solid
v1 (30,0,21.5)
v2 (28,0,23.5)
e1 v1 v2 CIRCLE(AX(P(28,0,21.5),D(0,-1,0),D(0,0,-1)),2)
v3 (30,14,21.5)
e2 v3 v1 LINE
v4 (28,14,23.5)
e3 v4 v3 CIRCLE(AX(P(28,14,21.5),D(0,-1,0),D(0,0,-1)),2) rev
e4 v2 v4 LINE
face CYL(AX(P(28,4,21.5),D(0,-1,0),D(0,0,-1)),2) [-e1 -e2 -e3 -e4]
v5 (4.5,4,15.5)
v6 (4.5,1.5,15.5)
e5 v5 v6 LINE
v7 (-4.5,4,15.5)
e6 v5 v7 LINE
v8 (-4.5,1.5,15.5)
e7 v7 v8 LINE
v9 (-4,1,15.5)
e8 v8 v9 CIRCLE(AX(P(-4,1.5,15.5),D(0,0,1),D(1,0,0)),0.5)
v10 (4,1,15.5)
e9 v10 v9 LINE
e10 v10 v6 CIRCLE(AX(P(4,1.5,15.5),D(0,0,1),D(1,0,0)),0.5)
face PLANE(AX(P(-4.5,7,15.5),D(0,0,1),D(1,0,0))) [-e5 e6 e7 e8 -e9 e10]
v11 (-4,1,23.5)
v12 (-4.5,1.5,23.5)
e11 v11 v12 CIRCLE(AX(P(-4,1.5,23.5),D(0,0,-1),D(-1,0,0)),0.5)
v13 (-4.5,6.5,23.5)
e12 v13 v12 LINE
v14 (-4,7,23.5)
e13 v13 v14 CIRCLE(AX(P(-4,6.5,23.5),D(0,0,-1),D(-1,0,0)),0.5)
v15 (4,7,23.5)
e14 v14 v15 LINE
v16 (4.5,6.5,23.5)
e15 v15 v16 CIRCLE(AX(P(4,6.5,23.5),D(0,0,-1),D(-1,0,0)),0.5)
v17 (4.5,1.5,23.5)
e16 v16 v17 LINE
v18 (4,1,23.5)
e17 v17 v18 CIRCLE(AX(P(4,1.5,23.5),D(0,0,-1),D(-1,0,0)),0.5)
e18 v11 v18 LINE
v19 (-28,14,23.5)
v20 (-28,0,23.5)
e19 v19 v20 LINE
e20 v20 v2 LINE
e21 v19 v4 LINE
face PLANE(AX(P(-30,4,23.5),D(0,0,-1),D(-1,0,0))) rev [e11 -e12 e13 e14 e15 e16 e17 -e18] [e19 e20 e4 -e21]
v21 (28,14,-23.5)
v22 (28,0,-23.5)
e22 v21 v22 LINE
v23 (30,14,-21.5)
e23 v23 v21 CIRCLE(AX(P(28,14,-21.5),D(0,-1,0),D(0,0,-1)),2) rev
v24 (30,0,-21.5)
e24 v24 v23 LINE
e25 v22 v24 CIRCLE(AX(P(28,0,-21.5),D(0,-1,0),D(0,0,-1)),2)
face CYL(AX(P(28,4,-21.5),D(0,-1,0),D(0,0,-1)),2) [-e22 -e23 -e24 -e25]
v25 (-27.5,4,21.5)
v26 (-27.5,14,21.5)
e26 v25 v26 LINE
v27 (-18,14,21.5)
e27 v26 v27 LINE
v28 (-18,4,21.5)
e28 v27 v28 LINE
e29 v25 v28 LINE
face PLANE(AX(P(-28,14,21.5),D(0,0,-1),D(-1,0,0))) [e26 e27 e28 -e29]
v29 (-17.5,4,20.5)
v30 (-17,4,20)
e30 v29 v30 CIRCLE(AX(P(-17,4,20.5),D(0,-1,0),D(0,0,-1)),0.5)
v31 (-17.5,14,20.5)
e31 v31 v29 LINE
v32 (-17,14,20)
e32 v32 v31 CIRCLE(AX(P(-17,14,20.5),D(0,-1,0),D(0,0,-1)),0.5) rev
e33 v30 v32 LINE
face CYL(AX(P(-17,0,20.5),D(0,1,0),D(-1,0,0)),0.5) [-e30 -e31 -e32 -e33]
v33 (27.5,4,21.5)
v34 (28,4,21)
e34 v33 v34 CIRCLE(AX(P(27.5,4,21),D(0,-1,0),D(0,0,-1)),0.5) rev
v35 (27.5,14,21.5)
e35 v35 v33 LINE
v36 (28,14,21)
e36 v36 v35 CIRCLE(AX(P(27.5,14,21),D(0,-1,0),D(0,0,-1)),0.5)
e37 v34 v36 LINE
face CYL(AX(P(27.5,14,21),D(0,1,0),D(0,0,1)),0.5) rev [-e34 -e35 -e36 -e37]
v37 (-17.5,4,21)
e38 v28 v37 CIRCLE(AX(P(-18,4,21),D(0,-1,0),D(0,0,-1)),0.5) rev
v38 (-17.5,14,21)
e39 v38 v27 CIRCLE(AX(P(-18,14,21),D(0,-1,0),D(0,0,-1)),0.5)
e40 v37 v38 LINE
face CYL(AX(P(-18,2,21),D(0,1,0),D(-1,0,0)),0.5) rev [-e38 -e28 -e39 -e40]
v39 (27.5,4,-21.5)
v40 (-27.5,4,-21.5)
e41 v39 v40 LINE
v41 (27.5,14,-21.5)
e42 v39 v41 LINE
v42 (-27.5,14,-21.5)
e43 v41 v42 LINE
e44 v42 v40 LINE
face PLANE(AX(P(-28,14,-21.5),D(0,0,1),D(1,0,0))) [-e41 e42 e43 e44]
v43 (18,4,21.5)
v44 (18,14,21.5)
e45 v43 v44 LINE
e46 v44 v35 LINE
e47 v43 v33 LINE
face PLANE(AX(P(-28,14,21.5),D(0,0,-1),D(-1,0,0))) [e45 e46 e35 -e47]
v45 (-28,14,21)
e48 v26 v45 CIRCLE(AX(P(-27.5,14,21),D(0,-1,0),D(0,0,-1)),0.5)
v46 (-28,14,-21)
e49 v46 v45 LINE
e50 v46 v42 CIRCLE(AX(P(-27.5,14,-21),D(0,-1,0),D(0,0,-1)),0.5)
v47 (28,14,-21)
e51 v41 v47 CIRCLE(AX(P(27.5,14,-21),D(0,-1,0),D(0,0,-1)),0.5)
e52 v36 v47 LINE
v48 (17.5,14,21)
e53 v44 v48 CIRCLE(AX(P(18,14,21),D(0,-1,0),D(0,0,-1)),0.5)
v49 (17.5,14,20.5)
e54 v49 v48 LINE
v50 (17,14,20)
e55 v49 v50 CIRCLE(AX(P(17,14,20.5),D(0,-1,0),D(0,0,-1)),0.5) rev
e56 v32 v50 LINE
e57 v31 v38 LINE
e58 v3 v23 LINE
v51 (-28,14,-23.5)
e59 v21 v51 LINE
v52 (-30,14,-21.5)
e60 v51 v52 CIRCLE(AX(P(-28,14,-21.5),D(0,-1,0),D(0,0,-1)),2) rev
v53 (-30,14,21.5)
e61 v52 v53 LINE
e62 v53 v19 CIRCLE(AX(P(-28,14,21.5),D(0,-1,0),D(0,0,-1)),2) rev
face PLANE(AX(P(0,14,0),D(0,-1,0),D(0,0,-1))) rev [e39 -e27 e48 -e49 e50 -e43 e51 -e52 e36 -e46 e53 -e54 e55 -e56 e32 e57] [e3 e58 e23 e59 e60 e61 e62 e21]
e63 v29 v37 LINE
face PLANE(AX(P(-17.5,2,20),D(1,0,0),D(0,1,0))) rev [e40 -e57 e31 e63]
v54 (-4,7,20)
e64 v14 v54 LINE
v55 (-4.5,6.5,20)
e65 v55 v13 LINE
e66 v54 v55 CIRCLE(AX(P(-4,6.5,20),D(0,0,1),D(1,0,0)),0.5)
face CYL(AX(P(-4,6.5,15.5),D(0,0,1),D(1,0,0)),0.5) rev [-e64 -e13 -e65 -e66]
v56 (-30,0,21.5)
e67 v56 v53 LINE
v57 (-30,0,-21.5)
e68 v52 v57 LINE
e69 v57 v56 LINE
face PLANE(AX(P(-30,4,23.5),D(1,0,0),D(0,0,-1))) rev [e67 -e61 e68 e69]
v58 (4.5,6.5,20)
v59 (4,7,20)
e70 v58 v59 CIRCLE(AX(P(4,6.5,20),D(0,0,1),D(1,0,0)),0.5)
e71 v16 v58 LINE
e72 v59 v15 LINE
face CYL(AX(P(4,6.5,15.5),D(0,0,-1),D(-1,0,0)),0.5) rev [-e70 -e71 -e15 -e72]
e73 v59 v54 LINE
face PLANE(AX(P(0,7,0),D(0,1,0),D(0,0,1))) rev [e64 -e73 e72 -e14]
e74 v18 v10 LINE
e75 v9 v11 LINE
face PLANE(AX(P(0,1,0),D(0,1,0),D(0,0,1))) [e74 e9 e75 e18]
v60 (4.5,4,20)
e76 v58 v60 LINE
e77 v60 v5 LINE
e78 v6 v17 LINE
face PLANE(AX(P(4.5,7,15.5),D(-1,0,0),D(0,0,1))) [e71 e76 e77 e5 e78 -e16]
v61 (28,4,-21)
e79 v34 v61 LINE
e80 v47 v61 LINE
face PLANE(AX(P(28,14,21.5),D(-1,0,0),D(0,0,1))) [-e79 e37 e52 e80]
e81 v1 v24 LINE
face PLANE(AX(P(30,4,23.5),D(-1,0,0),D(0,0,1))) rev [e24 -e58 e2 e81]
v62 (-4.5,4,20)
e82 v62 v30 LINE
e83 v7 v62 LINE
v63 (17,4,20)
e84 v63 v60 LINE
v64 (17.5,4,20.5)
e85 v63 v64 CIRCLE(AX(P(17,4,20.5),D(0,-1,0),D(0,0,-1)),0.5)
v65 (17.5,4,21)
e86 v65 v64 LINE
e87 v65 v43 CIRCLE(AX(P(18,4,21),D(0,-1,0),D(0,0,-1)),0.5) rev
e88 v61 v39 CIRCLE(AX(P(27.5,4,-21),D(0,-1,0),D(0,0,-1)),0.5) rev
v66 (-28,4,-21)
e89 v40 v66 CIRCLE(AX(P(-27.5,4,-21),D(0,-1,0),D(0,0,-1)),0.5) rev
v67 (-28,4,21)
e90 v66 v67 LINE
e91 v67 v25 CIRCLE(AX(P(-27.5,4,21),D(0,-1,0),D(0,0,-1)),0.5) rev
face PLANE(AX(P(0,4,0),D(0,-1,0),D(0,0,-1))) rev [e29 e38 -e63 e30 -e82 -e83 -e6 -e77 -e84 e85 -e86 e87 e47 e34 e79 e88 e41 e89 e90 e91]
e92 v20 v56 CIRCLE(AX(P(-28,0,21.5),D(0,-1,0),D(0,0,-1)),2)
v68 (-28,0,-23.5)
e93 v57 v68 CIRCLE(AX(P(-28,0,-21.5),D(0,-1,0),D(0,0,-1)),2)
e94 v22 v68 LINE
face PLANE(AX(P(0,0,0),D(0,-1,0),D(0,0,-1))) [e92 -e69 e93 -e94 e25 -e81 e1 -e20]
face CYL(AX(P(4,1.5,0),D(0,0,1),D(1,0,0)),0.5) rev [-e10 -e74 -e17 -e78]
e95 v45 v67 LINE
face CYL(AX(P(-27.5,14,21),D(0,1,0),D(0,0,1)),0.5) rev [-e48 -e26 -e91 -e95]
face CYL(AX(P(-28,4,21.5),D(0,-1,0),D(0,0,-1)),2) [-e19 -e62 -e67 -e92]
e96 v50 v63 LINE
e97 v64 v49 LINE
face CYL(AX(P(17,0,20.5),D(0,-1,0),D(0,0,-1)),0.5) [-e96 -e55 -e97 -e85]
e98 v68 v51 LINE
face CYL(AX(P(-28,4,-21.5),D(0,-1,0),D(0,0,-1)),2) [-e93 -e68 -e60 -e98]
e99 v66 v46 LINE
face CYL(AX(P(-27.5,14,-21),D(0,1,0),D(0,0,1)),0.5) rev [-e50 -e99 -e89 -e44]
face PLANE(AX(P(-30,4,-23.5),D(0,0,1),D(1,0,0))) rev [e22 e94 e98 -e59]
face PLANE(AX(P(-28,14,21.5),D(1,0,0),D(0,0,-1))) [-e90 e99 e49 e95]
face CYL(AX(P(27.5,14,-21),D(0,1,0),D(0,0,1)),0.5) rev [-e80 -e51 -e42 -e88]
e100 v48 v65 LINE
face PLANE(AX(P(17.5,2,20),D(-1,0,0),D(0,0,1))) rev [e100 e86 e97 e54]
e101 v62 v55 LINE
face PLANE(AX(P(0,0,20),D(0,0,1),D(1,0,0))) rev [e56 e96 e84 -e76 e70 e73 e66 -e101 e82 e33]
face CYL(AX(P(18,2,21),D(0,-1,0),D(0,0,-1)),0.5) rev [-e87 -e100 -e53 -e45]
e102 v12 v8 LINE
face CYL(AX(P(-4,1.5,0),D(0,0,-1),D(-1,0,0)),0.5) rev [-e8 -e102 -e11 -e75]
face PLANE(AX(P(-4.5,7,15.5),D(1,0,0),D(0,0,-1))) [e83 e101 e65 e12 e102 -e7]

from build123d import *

# Parameters (mm, degrees)
SKETCH1_W               = 60
SKETCH1_H               = 47
BOSS_EXTRUDE1_DEPTH     = 4
SKETCH2_W               = 60
SKETCH2_H               = 47
SKETCH2_W_2             = 56
SKETCH2_H_2             = 43
BOSS_EXTRUDE2_DEPTH     = 10
SKETCH4_W               = 35
SKETCH4_H               = 12
BOSS_EXTRUDE3_DEPTH     = 1.5
CUT_EXTRUDE1_DEPTH      = 3
CUT_EXTRUDE1_DEPTH_BACK = 3
SKETCH5_W               = 9
SKETCH5_H               = 8
FILLET1_R               = 2
FILLET2_R               = 0.5
FILLET3_R               = 0.5


with BuildPart() as part:
    # Sketch1 → Boss-Extrude1 (new body)
    with BuildSketch(Plane(origin=(0, 0, 0), x_dir=(1, 0, 0), z_dir=(0, 1, 0))):
        Rectangle(SKETCH1_W, SKETCH1_H)
    extrude(amount=BOSS_EXTRUDE1_DEPTH)

    # Sketch2 → Boss-Extrude2 (add)
    with BuildSketch(Plane(origin=(0, 4, 0), x_dir=(1, 0, 0), z_dir=(0, 1, 0))):
        Rectangle(SKETCH2_W, SKETCH2_H)
        Rectangle(SKETCH2_W_2, SKETCH2_H_2, mode=Mode.SUBTRACT)
    extrude(amount=BOSS_EXTRUDE2_DEPTH)

    # Sketch4 → Boss-Extrude3 (add)
    with BuildSketch(Plane(origin=(0, 0, 21.5), x_dir=(-1, 0, 0), z_dir=(0, 0, -1))):
        with Locations((0, 8)):
            Rectangle(SKETCH4_W, SKETCH4_H)
    extrude(amount=BOSS_EXTRUDE3_DEPTH)

    # Sketch5 → Cut-Extrude1 (cut, two sides: drawn at the far end of the back side and taken through both)
    with BuildSketch(Plane(origin=(0, 4, 0), x_dir=(1, 0, 0), z_dir=(0, 1, 0)).offset(-CUT_EXTRUDE1_DEPTH_BACK)):
        with Locations((0, -19.5)):
            Rectangle(SKETCH5_W, SKETCH5_H)
    extrude(amount=CUT_EXTRUDE1_DEPTH + CUT_EXTRUDE1_DEPTH_BACK, mode=Mode.SUBTRACT)

    # Fillet1
    fillet1_edges = [part.edges().sort_by_distance(p)[0] for p in [
        (30, 7, 23.5),
        (-30, 7, 23.5),
        (-30, 7, -23.5),
        (30, 7, -23.5),
    ]]
    fillet(fillet1_edges, radius=FILLET1_R)

    # Fillet2
    fillet2_edges = [part.edges().sort_by_distance(p)[0] for p in [
        (28, 9, -21.5),
        (-28, 9, -21.5),
        (-28, 9, 21.5),
        (28, 9, 21.5),
        (-17.5, 9, 21.5),
        (17.5, 9, 21.5),
        (17.5, 9, 20),
        (-17.5, 9, 20),
    ]]
    fillet(fillet2_edges, radius=FILLET2_R)

    # Fillet3
    fillet3_edges = [part.edges().sort_by_distance(p)[0] for p in [
        (4.5, 1, 19.5),
        (-4.5, 1, 19.5),
        (4.5, 7, 21.75),
        (-4.5, 7, 21.75),
    ]]
    fillet(fillet3_edges, radius=FILLET3_R)


solid = part.part
